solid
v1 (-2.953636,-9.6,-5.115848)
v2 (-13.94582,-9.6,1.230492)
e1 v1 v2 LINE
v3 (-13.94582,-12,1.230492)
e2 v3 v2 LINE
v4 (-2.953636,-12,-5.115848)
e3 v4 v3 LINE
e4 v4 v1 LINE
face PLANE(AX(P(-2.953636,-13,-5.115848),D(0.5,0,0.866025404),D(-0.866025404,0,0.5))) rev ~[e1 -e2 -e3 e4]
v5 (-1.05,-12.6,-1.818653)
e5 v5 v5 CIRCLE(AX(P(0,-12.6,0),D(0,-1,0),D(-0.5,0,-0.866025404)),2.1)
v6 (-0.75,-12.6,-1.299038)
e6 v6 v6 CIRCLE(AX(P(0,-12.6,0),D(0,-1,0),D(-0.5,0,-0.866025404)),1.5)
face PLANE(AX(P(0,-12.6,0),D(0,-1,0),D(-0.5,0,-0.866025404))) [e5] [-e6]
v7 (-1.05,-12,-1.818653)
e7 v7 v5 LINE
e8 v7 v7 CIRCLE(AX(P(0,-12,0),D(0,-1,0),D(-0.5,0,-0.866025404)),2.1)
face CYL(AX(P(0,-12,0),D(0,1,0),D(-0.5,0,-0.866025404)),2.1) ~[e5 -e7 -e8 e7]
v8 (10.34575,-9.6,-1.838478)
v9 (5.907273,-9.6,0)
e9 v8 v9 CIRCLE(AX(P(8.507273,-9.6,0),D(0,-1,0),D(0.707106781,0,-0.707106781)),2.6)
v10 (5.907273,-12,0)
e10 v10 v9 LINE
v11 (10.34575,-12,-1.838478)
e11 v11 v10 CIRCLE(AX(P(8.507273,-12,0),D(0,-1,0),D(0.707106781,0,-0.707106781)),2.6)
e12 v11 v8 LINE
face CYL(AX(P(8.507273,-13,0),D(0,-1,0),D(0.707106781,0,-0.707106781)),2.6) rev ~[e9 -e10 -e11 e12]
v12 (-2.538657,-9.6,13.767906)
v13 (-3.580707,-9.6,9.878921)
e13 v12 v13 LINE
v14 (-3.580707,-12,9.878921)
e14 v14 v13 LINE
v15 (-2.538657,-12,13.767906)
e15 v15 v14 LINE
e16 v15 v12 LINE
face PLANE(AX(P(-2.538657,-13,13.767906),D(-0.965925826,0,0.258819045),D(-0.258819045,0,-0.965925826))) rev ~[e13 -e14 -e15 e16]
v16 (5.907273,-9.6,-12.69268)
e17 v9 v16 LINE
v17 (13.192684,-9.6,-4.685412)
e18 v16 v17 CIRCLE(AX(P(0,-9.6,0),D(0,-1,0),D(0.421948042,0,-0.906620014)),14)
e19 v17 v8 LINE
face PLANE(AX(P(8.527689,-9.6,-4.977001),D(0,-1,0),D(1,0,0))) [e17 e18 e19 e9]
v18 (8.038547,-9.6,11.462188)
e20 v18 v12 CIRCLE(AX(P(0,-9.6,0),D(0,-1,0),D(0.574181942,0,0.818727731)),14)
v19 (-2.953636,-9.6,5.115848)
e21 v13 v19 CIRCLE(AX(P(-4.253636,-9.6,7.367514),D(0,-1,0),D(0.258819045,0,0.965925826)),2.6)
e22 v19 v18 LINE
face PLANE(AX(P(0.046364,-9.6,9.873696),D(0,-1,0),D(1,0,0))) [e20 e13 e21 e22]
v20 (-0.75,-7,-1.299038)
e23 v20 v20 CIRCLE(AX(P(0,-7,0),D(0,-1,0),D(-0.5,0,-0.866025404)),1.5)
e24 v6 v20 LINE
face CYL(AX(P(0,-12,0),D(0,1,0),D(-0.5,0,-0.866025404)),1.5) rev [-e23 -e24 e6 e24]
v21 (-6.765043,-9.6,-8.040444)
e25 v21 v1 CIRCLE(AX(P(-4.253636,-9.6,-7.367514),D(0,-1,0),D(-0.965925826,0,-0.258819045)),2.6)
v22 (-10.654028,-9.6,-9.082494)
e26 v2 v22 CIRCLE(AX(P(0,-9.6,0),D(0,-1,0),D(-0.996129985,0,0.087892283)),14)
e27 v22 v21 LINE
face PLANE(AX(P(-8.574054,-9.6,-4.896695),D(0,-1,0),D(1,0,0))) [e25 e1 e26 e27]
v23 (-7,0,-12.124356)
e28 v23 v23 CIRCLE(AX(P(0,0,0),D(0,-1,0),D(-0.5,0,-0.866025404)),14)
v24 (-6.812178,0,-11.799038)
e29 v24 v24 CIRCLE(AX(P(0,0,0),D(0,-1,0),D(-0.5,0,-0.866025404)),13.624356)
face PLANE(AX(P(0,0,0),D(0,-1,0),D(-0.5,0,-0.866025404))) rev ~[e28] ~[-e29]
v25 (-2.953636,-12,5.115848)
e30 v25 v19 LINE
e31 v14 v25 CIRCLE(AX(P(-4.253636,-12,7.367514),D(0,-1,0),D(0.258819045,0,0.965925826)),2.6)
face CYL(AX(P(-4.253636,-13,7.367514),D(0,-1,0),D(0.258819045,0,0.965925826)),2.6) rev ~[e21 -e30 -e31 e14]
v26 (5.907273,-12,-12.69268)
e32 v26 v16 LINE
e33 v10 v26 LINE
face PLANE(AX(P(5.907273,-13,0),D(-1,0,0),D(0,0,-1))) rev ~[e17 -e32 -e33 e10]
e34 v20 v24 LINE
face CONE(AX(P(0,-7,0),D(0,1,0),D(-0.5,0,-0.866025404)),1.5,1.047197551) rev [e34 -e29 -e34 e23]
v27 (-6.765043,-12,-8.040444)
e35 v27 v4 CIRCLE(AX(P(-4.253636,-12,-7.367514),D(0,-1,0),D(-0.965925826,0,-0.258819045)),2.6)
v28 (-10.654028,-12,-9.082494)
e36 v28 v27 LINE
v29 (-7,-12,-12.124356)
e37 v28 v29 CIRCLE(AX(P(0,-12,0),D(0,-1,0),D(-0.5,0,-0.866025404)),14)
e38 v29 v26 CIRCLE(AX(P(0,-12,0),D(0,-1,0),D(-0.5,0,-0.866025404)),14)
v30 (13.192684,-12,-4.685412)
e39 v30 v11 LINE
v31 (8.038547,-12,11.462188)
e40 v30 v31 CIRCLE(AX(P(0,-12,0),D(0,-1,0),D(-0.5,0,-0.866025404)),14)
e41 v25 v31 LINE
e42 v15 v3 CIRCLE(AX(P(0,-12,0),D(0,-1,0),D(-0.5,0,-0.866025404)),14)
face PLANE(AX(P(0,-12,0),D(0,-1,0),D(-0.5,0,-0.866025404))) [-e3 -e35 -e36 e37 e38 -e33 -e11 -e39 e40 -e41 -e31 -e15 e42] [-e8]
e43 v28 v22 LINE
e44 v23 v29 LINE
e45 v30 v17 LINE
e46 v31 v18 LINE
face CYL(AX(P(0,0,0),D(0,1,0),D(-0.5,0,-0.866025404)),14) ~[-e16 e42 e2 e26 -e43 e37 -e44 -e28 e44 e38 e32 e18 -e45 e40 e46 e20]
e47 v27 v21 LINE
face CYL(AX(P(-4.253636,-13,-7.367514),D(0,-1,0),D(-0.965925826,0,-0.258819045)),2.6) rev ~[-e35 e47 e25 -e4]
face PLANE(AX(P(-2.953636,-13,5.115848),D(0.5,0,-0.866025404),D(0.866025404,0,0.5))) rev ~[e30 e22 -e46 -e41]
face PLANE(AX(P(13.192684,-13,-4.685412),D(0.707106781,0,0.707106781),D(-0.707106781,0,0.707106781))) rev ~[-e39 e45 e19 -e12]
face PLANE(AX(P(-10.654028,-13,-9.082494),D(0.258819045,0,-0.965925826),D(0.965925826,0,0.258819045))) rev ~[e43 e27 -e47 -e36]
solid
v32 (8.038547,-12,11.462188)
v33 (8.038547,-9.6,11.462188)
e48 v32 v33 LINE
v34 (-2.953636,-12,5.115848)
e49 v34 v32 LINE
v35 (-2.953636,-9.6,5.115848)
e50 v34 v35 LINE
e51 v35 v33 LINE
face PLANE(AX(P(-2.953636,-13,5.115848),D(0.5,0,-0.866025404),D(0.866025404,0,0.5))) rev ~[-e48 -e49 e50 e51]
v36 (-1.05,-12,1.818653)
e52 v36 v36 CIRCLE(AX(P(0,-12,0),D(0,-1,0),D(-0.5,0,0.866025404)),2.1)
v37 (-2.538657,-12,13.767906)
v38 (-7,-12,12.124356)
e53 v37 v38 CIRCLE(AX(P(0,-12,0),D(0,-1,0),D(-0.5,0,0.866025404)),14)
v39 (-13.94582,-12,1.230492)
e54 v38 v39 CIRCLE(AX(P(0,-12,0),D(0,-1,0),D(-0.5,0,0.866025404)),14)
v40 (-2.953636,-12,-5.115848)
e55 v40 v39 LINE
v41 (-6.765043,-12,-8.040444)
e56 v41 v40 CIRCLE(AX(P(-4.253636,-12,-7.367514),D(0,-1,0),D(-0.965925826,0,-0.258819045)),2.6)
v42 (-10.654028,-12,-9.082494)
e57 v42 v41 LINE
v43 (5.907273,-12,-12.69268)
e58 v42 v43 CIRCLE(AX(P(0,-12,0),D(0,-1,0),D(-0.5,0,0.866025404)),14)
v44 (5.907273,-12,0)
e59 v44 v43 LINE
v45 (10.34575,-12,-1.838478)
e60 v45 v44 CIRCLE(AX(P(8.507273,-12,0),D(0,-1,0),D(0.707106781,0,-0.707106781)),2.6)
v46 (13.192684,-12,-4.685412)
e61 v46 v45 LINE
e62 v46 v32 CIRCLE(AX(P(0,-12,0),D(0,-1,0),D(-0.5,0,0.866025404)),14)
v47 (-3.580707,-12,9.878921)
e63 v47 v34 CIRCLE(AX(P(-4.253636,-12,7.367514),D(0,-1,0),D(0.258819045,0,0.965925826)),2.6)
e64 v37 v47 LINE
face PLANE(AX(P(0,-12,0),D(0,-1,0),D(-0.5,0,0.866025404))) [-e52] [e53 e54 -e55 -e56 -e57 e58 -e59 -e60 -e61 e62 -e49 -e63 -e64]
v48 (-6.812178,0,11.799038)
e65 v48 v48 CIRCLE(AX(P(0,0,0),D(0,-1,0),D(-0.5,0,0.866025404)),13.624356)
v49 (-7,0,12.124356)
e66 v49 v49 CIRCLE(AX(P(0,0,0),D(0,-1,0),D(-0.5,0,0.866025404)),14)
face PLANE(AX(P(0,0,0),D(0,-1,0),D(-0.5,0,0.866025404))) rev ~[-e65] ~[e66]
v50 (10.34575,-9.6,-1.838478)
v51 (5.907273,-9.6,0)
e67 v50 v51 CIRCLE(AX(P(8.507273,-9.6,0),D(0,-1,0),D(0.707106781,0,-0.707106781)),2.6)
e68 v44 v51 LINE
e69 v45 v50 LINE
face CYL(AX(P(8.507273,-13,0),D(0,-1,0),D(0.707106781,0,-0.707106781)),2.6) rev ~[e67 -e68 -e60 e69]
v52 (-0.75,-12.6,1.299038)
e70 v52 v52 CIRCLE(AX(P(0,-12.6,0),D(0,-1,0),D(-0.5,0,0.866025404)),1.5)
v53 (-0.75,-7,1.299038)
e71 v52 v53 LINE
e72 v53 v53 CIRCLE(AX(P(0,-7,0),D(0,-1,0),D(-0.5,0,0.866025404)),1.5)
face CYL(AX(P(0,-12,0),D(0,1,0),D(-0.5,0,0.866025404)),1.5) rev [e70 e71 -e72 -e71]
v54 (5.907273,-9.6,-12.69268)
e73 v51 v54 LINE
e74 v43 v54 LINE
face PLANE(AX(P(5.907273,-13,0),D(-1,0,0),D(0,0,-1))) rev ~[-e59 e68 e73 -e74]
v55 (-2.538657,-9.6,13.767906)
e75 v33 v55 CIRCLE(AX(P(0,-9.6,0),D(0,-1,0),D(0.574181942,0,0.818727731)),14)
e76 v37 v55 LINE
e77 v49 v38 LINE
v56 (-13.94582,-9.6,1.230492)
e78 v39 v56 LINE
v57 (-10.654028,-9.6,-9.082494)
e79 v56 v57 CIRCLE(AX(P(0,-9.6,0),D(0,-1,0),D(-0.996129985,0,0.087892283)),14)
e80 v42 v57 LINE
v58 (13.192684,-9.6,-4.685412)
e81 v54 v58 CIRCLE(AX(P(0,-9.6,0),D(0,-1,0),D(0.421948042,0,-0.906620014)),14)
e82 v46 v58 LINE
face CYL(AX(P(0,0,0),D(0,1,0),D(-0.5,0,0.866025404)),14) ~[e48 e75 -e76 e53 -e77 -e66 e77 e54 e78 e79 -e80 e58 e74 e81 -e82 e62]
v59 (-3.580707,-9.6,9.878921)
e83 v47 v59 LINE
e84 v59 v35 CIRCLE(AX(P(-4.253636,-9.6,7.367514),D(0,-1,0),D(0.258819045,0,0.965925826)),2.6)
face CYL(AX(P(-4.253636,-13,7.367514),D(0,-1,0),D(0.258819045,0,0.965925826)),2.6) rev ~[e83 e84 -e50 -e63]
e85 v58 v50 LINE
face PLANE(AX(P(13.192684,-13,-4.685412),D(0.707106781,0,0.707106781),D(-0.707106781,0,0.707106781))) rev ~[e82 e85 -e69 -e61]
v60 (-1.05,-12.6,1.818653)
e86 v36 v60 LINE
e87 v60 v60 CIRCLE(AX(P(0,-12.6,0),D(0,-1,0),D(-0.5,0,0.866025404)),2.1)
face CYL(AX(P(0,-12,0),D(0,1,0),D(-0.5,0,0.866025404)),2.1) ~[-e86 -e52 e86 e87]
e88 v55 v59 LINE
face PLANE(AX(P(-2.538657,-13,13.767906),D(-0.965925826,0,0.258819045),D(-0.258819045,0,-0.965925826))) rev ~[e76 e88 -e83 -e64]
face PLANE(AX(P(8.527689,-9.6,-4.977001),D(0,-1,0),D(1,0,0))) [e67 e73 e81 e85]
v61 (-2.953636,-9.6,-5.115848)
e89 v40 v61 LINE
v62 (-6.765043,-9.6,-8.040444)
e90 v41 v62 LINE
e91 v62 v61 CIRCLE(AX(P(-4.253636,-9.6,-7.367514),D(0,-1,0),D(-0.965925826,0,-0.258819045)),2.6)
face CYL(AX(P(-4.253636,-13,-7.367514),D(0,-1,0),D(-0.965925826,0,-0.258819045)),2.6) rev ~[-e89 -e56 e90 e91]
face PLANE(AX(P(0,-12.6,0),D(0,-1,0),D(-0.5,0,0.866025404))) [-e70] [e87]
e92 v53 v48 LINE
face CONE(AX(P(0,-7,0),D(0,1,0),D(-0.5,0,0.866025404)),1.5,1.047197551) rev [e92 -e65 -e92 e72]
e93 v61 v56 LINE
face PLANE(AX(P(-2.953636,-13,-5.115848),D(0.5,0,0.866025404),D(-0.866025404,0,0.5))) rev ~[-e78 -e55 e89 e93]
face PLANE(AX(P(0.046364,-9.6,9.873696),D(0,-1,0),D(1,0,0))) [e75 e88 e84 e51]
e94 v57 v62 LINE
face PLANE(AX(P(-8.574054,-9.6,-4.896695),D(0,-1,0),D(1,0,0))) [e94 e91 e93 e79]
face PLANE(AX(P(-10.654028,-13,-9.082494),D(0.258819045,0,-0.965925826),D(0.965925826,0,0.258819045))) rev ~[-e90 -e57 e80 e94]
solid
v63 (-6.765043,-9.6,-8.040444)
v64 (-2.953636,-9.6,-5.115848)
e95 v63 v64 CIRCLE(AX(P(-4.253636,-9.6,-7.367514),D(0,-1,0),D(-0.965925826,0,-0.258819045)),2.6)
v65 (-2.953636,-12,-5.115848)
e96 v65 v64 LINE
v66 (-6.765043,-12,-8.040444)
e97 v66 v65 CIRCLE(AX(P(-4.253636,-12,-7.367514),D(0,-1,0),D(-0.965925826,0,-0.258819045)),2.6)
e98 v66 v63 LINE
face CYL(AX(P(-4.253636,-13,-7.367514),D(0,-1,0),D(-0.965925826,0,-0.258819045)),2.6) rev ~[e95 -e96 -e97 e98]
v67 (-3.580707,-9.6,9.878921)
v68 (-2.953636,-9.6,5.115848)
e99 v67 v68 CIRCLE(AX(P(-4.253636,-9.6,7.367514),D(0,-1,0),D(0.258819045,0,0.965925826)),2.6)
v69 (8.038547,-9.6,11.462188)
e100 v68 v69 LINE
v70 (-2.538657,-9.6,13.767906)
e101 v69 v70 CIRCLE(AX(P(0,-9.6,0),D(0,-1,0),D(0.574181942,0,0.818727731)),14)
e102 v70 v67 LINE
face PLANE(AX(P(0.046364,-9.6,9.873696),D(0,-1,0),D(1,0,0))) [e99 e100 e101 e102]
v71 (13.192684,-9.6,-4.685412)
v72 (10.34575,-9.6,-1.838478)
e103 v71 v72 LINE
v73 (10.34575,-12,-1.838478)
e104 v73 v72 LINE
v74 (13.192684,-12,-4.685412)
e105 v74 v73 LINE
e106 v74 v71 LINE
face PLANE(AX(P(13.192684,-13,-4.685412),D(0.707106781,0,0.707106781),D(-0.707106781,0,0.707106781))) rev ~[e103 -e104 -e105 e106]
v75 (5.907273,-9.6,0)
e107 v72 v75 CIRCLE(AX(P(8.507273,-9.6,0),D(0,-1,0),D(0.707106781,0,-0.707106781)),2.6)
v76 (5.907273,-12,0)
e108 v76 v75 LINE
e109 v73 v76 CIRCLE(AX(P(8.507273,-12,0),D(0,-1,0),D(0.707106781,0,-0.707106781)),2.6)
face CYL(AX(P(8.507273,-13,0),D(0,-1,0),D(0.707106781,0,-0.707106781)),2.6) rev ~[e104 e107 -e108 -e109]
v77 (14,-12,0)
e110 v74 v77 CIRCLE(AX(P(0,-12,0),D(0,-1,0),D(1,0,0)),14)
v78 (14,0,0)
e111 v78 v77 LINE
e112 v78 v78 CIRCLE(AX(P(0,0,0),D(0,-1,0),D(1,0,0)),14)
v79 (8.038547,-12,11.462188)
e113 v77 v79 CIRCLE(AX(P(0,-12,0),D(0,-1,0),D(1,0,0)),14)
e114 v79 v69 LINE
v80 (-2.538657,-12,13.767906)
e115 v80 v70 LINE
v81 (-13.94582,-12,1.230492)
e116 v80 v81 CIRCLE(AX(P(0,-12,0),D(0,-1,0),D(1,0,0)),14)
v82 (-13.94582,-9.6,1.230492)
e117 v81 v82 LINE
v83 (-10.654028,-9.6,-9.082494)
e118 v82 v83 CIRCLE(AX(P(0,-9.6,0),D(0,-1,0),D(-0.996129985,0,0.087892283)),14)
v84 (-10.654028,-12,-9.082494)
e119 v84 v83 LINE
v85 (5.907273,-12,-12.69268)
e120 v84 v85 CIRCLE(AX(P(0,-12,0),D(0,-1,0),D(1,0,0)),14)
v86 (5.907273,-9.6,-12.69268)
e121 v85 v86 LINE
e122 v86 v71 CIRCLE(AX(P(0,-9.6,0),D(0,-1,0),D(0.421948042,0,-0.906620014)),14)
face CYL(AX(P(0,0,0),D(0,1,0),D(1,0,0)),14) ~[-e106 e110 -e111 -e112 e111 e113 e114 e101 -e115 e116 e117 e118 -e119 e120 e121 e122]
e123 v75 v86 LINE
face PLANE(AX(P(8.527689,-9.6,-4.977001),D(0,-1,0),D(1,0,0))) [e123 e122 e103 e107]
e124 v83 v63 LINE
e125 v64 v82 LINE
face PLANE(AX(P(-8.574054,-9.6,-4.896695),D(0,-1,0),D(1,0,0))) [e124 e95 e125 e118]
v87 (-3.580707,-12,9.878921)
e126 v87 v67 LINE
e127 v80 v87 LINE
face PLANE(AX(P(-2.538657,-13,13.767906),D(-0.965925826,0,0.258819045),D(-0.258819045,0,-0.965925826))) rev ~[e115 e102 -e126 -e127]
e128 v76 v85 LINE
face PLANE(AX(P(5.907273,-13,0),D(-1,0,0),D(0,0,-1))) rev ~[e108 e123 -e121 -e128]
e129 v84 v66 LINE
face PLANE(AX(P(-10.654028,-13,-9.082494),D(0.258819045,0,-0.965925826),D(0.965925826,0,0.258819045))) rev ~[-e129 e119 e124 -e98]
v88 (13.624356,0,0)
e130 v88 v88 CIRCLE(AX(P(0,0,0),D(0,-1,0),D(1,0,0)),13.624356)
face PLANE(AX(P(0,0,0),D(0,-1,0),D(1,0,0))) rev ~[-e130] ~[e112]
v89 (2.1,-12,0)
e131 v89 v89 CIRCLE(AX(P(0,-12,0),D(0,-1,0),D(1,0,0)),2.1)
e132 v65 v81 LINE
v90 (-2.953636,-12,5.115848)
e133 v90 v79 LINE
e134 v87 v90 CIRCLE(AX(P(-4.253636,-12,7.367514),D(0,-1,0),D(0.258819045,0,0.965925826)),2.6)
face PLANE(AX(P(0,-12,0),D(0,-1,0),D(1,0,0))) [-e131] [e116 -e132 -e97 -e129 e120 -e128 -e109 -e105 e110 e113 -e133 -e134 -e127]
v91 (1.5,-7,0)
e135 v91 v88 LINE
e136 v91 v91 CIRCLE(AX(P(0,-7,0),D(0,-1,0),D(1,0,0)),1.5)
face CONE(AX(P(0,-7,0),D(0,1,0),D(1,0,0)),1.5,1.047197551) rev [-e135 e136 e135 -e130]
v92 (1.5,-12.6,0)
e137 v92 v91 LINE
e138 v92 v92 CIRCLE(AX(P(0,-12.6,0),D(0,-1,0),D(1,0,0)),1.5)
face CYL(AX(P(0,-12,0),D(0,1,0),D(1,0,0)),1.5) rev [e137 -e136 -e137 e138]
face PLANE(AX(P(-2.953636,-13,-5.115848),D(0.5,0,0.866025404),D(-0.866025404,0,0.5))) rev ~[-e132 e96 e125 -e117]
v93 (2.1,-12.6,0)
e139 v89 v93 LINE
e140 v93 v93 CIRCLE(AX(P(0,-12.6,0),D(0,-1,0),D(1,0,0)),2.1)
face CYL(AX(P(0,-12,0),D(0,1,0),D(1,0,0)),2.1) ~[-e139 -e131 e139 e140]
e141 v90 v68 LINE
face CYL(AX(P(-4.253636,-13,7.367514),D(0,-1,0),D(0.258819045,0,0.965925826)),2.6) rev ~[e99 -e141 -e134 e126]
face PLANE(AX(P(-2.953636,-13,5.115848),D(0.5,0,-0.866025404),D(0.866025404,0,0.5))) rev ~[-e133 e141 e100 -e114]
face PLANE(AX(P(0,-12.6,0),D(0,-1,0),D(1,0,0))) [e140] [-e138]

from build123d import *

# Parameters (mm, degrees)
F0_R     = 14
F0_R_2   = 1.5
F1_DEPTH = 12
F2_SIZE2 = 12.124355653
F2_SIZE  = 7
F4_DEPTH = 1
F3_R     = 2.1
F3_R_2   = 1.5
F5_DEPTH = 0.6
F6_COUNT = 3
F7_DEPTH = 3.4


with BuildPart() as f1:
    # F0 (on Front) → F1 (new body)
    with BuildSketch(Plane.XZ):
        Circle(F0_R)
        Circle(F0_R_2, mode=Mode.SUBTRACT)
    extrude(amount=F1_DEPTH)

    # F2
    f2_edges = [f1.edges().sort_by_distance(p)[0] for p in [
        (-1.5, 0, 0),
    ]]
    f2_side = f1.faces().sort_by_distance((-1.5, -6, 0))[0]
    chamfer(f2_edges, length=F2_SIZE, length2=F2_SIZE2, reference=f2_side)

    # F3 (on face) → F4 (join)
    with BuildSketch(Plane.XZ.offset(12)):
        with BuildLine():
            Line((13.1926842468, -4.6854116536), (10.3457502244, -1.8384776311))
            ThreePointArc((10.3457502244, -1.8384776311), (9.5022495174, 2.4020867845), (5.9072725933, 0))
            Line((5.9072725933, 0), (5.9072725933, -12.6926801941))
            ThreePointArc((5.9072725933, -12.6926801941), (10.3552486785, -9.4217209047), (13.1926842468, -4.6854116536))
        make_face()
    extrude(amount=F4_DEPTH)

    # F3 (on face) → F5 (join)
    with BuildSketch(Plane.XZ.offset(12)):
        Circle(F3_R)
        Circle(F3_R_2, mode=Mode.SUBTRACT)
    extrude(amount=F5_DEPTH)


with BuildPart() as f6_1:
    # F6: instance of F1
    add(f1.part.rotate(Axis((0, -12, 0), (0, -1, 0)), 1 * 360 / F6_COUNT))


with BuildPart() as f6_2:
    # F6: instance of F1
    add(f1.part.rotate(Axis((0, -12, 0), (0, -1, 0)), 2 * 360 / F6_COUNT))


with BuildPart() as f7_tool:
    # F4_face (on face) + F6_face (on face) → F7 (new body)
    with BuildSketch(Plane(origin=(8.660490704, -13, -4.6040457016), x_dir=(1, 0, 0), z_dir=(0, -1, 0))):
        with BuildLine():
            Line((-2.7532181107, 4.6040457016), (-2.7532181107, -8.0886344924))
            ThreePointArc((-2.7532181107, -8.0886344924), (1.6947579745, -4.8176752031), (4.5321935429, -0.0813659519))
            Line((4.5321935429, -0.0813659519), (1.6852595204, 2.7655680705))
            ThreePointArc((1.6852595204, 2.7655680705), (0.8417588135, 7.0061324861), (-2.7532181107, 4.6040457016))
        make_face()
    with BuildSketch(Plane(origin=(-8.3174658898, -13, -5.1981821081), x_dir=(1, 0, 0), z_dir=(0, -1, 0))):
        with BuildLine():
            Line((5.3638295931, 0.0823339752), (-5.628353897, 6.4286740722))
            ThreePointArc((-5.628353897, 6.4286740722), (-5.0196081003, 0.9411341423), (-2.3365617528, -3.884311767))
            Line((-2.3365617528, -3.884311767), (1.5524224448, -2.8422615919))
            ThreePointArc((1.5524224448, -2.8422615919), (5.6466093085, -4.2320507594), (5.3638295931, 0.0823339752))
        make_face()
        with BuildLine():
            Line((5.3638295931, 10.3140302409), (16.3560130833, 16.660370338))
            ThreePointArc((16.3560130833, 16.660370338), (11.2992912014, 18.8769509785), (5.7788092855, 18.9660876367))
            Line((5.7788092855, 18.9660876367), (4.7367591104, 15.0771034391))
            ThreePointArc((4.7367591104, 15.0771034391), (1.4860729536, 12.226328191), (5.3638295931, 10.3140302409))
        make_face()
    extrude(amount=-F7_DEPTH)


with BuildPart() as f1_1:
    add(f1.part)

    # F7: cut by f7_tool
    add(f7_tool.part, mode=Mode.SUBTRACT)


with BuildPart() as f6_1_1:
    add(f6_1.part)

    # F7: cut by f7_tool
    add(f7_tool.part, mode=Mode.SUBTRACT)


with BuildPart() as f6_2_1:
    add(f6_2.part)

    # F7: cut by f7_tool
    add(f7_tool.part, mode=Mode.SUBTRACT)


solid = Compound([f1_1.part, f6_1_1.part, f6_2_1.part])
